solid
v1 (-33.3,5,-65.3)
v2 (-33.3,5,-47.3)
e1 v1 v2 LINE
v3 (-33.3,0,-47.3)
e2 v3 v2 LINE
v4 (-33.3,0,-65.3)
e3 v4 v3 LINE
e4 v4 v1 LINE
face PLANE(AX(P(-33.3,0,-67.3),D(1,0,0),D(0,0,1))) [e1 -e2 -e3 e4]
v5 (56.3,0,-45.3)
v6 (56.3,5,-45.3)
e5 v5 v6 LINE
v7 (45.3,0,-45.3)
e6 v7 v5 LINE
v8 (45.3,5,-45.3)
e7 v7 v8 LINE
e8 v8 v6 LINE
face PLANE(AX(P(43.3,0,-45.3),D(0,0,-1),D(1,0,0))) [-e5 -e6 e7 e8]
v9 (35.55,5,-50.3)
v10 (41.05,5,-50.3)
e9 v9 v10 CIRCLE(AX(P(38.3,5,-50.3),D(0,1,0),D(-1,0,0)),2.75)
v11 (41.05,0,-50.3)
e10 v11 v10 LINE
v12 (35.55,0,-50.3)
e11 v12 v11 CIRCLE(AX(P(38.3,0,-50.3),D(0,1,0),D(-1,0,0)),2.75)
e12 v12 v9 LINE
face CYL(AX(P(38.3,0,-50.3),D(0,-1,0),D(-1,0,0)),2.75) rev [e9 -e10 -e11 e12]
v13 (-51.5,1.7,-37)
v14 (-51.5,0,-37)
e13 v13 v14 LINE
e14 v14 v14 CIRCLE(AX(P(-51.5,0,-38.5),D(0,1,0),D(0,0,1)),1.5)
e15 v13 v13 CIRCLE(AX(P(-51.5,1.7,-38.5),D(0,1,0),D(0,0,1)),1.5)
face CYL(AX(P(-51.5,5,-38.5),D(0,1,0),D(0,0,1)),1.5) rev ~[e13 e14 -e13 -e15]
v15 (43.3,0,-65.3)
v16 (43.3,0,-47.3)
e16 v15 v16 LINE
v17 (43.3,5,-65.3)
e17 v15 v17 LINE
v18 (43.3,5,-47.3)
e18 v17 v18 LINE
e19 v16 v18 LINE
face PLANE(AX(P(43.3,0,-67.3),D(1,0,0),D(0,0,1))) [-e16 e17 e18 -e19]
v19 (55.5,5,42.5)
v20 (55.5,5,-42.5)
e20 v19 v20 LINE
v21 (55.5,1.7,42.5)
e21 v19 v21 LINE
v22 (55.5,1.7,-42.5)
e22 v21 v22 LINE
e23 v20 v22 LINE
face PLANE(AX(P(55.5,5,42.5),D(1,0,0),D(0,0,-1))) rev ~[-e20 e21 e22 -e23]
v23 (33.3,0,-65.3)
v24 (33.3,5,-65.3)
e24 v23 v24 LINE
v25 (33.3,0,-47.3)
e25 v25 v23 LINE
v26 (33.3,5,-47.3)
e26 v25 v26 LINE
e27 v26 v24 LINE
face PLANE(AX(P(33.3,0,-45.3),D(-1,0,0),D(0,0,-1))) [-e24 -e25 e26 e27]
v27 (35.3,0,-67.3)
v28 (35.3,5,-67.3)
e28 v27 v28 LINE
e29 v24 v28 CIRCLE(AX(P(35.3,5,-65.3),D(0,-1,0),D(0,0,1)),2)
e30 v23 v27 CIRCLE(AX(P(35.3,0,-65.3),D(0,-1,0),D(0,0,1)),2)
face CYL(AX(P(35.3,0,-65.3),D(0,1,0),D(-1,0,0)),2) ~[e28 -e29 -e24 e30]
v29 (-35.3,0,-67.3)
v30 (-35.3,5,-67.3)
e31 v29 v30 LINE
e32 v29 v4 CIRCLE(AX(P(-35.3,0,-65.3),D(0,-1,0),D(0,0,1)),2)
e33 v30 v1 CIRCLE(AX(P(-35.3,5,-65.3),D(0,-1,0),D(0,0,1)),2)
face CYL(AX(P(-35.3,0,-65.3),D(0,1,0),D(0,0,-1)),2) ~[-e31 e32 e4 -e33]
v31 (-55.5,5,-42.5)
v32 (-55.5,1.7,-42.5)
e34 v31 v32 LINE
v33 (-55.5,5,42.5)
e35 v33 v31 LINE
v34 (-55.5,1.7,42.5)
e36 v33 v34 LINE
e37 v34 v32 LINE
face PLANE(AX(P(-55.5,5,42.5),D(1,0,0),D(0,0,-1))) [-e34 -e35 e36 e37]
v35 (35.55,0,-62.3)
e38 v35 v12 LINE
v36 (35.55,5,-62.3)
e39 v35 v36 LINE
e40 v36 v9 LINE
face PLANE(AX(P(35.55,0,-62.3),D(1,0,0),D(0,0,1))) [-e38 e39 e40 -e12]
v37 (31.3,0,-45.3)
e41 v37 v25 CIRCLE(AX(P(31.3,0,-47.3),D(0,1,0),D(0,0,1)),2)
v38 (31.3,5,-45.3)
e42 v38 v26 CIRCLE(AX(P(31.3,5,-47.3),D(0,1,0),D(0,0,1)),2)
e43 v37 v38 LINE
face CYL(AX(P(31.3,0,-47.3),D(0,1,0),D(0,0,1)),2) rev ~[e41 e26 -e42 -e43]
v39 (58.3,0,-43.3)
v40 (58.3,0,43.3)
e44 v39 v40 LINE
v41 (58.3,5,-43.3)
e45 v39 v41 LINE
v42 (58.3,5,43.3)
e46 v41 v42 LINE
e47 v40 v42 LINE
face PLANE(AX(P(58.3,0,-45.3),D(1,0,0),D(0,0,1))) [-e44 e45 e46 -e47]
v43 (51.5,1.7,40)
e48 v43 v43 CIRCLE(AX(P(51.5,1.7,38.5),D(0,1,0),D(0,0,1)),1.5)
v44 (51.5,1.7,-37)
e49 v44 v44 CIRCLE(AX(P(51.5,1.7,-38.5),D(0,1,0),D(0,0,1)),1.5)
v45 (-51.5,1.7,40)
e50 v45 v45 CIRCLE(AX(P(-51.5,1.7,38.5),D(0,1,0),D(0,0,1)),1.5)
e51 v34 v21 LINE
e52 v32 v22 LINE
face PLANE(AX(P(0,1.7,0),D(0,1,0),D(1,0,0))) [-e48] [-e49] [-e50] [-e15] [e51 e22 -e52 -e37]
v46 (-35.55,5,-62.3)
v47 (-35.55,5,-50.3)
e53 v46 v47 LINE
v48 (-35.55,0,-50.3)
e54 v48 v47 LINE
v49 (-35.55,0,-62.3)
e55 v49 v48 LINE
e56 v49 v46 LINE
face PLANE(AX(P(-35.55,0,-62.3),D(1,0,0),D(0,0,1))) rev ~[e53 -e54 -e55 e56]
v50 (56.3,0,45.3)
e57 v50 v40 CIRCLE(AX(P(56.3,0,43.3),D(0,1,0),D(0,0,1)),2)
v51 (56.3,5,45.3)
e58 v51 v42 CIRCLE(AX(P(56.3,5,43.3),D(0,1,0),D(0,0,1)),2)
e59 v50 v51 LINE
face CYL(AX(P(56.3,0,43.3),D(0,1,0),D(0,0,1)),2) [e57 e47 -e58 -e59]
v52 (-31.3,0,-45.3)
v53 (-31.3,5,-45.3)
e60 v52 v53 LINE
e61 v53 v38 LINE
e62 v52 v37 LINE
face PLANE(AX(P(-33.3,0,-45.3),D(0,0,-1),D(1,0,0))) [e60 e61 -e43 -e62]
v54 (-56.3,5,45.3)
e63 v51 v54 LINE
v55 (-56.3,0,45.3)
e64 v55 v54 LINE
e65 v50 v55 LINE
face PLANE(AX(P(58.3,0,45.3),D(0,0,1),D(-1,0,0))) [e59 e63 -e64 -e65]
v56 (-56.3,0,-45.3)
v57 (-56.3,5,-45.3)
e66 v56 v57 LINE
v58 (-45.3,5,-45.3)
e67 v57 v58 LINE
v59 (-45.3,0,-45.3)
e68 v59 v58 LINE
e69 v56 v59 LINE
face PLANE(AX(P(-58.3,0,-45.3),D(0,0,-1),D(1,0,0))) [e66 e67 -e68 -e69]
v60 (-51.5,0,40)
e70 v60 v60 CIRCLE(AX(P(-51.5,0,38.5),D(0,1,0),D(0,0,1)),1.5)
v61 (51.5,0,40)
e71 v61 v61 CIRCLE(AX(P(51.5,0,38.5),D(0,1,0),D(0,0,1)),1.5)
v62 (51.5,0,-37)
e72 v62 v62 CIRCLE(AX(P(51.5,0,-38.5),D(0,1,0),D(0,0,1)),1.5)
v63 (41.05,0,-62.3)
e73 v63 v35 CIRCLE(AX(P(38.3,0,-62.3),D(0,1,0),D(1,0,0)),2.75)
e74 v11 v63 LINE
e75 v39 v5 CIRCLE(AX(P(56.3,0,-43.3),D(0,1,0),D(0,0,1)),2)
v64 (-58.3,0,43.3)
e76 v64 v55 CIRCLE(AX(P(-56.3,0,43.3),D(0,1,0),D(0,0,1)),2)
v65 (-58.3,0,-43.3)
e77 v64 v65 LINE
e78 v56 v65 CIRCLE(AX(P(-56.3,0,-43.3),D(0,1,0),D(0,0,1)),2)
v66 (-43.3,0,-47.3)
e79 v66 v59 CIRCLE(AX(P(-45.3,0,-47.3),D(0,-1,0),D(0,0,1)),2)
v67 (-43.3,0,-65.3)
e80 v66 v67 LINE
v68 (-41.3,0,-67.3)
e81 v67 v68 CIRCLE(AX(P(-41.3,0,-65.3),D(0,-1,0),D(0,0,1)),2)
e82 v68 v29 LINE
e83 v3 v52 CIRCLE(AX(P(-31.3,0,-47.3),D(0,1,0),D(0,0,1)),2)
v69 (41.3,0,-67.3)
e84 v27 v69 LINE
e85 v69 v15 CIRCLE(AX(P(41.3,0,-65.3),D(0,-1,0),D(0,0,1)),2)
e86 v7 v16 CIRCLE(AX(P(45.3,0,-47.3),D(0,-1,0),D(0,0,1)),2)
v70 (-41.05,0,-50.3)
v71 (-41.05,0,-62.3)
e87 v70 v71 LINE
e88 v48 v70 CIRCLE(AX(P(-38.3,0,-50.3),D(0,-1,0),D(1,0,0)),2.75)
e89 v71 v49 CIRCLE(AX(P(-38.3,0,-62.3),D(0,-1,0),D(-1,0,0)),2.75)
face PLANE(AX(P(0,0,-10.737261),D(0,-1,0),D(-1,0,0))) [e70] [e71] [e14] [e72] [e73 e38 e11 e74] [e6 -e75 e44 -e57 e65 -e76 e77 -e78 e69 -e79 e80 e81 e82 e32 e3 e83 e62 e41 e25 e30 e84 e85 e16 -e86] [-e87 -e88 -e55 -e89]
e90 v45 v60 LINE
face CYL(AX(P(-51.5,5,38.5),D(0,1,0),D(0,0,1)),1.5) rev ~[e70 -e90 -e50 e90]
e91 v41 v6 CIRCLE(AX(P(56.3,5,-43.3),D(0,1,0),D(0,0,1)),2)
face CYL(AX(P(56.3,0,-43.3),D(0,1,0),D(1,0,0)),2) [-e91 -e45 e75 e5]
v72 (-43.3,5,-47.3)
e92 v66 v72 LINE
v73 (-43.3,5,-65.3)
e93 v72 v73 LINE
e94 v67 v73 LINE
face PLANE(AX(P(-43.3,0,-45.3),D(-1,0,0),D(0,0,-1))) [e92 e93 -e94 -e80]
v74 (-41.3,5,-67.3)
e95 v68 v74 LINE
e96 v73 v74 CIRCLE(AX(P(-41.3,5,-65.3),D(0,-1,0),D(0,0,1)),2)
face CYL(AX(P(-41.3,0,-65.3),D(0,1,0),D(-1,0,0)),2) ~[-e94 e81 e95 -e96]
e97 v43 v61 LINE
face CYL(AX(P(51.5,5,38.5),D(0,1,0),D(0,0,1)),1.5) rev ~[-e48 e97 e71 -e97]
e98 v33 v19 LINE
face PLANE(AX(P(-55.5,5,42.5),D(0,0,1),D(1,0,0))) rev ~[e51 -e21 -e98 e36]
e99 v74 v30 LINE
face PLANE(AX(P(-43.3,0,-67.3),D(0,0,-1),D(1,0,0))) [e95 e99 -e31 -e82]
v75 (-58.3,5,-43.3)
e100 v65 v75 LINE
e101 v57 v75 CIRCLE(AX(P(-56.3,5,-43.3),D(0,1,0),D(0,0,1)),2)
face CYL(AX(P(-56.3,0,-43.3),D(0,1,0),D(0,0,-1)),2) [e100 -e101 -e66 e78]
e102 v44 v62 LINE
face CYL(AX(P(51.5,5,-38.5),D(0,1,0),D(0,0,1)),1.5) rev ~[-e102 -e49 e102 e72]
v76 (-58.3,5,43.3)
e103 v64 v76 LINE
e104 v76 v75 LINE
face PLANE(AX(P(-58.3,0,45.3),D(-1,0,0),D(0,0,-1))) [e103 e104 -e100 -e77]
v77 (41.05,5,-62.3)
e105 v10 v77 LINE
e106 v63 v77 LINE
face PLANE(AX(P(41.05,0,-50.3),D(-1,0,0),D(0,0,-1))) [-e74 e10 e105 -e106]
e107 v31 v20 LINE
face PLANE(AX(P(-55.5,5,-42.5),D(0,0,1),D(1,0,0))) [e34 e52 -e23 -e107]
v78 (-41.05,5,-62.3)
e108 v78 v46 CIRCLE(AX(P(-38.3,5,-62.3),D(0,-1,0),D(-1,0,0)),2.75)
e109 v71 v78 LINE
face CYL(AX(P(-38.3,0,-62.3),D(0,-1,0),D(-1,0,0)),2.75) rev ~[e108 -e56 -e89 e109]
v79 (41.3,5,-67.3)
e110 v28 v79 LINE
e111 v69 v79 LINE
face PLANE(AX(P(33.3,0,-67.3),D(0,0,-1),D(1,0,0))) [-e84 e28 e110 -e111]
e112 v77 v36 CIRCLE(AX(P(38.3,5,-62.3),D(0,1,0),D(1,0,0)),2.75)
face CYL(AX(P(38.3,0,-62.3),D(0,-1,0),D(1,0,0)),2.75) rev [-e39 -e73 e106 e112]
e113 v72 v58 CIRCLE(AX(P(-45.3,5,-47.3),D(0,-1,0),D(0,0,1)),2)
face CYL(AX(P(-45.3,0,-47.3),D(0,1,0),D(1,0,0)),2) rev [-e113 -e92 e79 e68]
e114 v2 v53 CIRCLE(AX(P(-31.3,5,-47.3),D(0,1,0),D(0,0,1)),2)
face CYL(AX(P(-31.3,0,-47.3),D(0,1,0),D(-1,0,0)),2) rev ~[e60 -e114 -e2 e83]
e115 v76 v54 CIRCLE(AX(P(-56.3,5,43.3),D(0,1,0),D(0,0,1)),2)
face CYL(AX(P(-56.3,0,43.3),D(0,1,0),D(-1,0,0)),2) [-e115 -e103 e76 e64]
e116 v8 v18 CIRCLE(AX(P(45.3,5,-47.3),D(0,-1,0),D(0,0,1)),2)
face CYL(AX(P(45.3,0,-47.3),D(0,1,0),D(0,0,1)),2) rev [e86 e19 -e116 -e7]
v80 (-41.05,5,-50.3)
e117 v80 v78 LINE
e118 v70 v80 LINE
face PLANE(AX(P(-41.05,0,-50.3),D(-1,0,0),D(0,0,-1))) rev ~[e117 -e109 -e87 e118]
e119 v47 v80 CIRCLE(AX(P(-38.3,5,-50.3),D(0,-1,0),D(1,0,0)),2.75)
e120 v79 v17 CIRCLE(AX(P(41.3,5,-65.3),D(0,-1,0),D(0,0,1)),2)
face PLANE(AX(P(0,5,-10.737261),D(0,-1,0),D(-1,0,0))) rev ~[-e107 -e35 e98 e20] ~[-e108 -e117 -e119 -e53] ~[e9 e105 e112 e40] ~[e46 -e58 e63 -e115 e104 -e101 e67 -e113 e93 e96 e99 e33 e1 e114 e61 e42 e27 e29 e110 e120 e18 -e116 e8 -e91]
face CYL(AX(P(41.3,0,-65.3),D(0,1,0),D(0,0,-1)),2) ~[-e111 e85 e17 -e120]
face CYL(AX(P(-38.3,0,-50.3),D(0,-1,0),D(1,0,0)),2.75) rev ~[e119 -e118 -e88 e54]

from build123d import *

# Parameters (mm, degrees)
EXTRUDE_1_DEPTH     = 5
SKETCH_4_R          = 1.5
CUT_EXTRUDE_4_DEPTH = 90.180603272
SKETCH_4_3_W        = 111
SKETCH_4_3_H        = 85
SKETCH_4_3_R        = 1.5
CUT_EXTRUDE_5_DEPTH = 3.3
FILLET_1_R          = 2


with BuildPart() as part:
    # 草图2 → 凸台-拉伸1 (new body)
    with BuildSketch(Plane(origin=(0, 0, 0), x_dir=(1, 0, 0), z_dir=(0, 1, 0))):
        Polygon((-43.3, 45.3), (-43.3, 67.3), (-33.3, 67.3), (-33.3, 45.3), (33.3, 45.3), (33.3, 67.3), (43.3, 67.3), (43.3, 45.3), (58.3, 45.3), (58.3, -45.3), (-58.3, -45.3), (-58.3, 45.3), align=None)
        with BuildLine():
            Line((-35.55, 62.3), (-35.55, 50.3))
            ThreePointArc((-35.55, 50.3), (-38.3, 47.55), (-41.05, 50.3))
            Line((-41.05, 50.3), (-41.05, 62.3))
            ThreePointArc((-41.05, 62.3), (-38.3, 65.05), (-35.55, 62.3))
        make_face(mode=Mode.SUBTRACT)
        with BuildLine():
            Line((35.55, 62.3), (35.55, 50.3))
            ThreePointArc((35.55, 50.3), (38.3, 47.55), (41.05, 50.3))
            Line((41.05, 50.3), (41.05, 62.3))
            ThreePointArc((41.05, 62.3), (38.3, 65.05), (35.55, 62.3))
        make_face(mode=Mode.SUBTRACT)
    extrude(amount=EXTRUDE_1_DEPTH)

    # 草图4 → 切除-拉伸4 (cut, through all)
    with BuildSketch(Plane(origin=(0, 5, 0), x_dir=(1, 0, 0), z_dir=(0, 1, 0))):
        with Locations((-51.5, 38.5)):
            Circle(SKETCH_4_R)
        with Locations((-51.5, -38.5)):
            Circle(SKETCH_4_R)
        with Locations((51.5, -38.5)):
            Circle(SKETCH_4_R)
        with Locations((51.5, 38.5)):
            Circle(SKETCH_4_R)
    extrude(amount=-CUT_EXTRUDE_4_DEPTH, mode=Mode.SUBTRACT)

    # 草图4<3> → 切除-拉伸5 (cut)
    with BuildSketch(Plane(origin=(0, 5, 0), x_dir=(1, 0, 0), z_dir=(0, 1, 0))):
        Rectangle(SKETCH_4_3_W, SKETCH_4_3_H)
        with Locations((-51.5, -38.5)):
            Circle(SKETCH_4_3_R, mode=Mode.SUBTRACT)
        with Locations((51.5, -38.5)):
            Circle(SKETCH_4_3_R, mode=Mode.SUBTRACT)
        with Locations((-51.5, 38.5)):
            Circle(SKETCH_4_3_R, mode=Mode.SUBTRACT)
        with Locations((51.5, 38.5)):
            Circle(SKETCH_4_3_R, mode=Mode.SUBTRACT)
    extrude(amount=-CUT_EXTRUDE_5_DEPTH, mode=Mode.SUBTRACT)

    # 圆角1
    fillet_1_edges = [part.edges().sort_by_distance(p)[0] for p in [
        (58.3, 2.5, 45.3),
        (-58.3, 2.5, 45.3),
        (-58.3, 2.5, -45.3),
        (-43.3, 2.5, -45.3),
        (-43.3, 2.5, -67.3),
        (-33.3, 2.5, -67.3),
        (-33.3, 2.5, -45.3),
        (33.3, 2.5, -45.3),
        (33.3, 2.5, -67.3),
        (43.3, 2.5, -67.3),
        (43.3, 2.5, -45.3),
        (58.3, 2.5, -45.3),
    ]]
    fillet(fillet_1_edges, radius=FILLET_1_R)


solid = part.part
